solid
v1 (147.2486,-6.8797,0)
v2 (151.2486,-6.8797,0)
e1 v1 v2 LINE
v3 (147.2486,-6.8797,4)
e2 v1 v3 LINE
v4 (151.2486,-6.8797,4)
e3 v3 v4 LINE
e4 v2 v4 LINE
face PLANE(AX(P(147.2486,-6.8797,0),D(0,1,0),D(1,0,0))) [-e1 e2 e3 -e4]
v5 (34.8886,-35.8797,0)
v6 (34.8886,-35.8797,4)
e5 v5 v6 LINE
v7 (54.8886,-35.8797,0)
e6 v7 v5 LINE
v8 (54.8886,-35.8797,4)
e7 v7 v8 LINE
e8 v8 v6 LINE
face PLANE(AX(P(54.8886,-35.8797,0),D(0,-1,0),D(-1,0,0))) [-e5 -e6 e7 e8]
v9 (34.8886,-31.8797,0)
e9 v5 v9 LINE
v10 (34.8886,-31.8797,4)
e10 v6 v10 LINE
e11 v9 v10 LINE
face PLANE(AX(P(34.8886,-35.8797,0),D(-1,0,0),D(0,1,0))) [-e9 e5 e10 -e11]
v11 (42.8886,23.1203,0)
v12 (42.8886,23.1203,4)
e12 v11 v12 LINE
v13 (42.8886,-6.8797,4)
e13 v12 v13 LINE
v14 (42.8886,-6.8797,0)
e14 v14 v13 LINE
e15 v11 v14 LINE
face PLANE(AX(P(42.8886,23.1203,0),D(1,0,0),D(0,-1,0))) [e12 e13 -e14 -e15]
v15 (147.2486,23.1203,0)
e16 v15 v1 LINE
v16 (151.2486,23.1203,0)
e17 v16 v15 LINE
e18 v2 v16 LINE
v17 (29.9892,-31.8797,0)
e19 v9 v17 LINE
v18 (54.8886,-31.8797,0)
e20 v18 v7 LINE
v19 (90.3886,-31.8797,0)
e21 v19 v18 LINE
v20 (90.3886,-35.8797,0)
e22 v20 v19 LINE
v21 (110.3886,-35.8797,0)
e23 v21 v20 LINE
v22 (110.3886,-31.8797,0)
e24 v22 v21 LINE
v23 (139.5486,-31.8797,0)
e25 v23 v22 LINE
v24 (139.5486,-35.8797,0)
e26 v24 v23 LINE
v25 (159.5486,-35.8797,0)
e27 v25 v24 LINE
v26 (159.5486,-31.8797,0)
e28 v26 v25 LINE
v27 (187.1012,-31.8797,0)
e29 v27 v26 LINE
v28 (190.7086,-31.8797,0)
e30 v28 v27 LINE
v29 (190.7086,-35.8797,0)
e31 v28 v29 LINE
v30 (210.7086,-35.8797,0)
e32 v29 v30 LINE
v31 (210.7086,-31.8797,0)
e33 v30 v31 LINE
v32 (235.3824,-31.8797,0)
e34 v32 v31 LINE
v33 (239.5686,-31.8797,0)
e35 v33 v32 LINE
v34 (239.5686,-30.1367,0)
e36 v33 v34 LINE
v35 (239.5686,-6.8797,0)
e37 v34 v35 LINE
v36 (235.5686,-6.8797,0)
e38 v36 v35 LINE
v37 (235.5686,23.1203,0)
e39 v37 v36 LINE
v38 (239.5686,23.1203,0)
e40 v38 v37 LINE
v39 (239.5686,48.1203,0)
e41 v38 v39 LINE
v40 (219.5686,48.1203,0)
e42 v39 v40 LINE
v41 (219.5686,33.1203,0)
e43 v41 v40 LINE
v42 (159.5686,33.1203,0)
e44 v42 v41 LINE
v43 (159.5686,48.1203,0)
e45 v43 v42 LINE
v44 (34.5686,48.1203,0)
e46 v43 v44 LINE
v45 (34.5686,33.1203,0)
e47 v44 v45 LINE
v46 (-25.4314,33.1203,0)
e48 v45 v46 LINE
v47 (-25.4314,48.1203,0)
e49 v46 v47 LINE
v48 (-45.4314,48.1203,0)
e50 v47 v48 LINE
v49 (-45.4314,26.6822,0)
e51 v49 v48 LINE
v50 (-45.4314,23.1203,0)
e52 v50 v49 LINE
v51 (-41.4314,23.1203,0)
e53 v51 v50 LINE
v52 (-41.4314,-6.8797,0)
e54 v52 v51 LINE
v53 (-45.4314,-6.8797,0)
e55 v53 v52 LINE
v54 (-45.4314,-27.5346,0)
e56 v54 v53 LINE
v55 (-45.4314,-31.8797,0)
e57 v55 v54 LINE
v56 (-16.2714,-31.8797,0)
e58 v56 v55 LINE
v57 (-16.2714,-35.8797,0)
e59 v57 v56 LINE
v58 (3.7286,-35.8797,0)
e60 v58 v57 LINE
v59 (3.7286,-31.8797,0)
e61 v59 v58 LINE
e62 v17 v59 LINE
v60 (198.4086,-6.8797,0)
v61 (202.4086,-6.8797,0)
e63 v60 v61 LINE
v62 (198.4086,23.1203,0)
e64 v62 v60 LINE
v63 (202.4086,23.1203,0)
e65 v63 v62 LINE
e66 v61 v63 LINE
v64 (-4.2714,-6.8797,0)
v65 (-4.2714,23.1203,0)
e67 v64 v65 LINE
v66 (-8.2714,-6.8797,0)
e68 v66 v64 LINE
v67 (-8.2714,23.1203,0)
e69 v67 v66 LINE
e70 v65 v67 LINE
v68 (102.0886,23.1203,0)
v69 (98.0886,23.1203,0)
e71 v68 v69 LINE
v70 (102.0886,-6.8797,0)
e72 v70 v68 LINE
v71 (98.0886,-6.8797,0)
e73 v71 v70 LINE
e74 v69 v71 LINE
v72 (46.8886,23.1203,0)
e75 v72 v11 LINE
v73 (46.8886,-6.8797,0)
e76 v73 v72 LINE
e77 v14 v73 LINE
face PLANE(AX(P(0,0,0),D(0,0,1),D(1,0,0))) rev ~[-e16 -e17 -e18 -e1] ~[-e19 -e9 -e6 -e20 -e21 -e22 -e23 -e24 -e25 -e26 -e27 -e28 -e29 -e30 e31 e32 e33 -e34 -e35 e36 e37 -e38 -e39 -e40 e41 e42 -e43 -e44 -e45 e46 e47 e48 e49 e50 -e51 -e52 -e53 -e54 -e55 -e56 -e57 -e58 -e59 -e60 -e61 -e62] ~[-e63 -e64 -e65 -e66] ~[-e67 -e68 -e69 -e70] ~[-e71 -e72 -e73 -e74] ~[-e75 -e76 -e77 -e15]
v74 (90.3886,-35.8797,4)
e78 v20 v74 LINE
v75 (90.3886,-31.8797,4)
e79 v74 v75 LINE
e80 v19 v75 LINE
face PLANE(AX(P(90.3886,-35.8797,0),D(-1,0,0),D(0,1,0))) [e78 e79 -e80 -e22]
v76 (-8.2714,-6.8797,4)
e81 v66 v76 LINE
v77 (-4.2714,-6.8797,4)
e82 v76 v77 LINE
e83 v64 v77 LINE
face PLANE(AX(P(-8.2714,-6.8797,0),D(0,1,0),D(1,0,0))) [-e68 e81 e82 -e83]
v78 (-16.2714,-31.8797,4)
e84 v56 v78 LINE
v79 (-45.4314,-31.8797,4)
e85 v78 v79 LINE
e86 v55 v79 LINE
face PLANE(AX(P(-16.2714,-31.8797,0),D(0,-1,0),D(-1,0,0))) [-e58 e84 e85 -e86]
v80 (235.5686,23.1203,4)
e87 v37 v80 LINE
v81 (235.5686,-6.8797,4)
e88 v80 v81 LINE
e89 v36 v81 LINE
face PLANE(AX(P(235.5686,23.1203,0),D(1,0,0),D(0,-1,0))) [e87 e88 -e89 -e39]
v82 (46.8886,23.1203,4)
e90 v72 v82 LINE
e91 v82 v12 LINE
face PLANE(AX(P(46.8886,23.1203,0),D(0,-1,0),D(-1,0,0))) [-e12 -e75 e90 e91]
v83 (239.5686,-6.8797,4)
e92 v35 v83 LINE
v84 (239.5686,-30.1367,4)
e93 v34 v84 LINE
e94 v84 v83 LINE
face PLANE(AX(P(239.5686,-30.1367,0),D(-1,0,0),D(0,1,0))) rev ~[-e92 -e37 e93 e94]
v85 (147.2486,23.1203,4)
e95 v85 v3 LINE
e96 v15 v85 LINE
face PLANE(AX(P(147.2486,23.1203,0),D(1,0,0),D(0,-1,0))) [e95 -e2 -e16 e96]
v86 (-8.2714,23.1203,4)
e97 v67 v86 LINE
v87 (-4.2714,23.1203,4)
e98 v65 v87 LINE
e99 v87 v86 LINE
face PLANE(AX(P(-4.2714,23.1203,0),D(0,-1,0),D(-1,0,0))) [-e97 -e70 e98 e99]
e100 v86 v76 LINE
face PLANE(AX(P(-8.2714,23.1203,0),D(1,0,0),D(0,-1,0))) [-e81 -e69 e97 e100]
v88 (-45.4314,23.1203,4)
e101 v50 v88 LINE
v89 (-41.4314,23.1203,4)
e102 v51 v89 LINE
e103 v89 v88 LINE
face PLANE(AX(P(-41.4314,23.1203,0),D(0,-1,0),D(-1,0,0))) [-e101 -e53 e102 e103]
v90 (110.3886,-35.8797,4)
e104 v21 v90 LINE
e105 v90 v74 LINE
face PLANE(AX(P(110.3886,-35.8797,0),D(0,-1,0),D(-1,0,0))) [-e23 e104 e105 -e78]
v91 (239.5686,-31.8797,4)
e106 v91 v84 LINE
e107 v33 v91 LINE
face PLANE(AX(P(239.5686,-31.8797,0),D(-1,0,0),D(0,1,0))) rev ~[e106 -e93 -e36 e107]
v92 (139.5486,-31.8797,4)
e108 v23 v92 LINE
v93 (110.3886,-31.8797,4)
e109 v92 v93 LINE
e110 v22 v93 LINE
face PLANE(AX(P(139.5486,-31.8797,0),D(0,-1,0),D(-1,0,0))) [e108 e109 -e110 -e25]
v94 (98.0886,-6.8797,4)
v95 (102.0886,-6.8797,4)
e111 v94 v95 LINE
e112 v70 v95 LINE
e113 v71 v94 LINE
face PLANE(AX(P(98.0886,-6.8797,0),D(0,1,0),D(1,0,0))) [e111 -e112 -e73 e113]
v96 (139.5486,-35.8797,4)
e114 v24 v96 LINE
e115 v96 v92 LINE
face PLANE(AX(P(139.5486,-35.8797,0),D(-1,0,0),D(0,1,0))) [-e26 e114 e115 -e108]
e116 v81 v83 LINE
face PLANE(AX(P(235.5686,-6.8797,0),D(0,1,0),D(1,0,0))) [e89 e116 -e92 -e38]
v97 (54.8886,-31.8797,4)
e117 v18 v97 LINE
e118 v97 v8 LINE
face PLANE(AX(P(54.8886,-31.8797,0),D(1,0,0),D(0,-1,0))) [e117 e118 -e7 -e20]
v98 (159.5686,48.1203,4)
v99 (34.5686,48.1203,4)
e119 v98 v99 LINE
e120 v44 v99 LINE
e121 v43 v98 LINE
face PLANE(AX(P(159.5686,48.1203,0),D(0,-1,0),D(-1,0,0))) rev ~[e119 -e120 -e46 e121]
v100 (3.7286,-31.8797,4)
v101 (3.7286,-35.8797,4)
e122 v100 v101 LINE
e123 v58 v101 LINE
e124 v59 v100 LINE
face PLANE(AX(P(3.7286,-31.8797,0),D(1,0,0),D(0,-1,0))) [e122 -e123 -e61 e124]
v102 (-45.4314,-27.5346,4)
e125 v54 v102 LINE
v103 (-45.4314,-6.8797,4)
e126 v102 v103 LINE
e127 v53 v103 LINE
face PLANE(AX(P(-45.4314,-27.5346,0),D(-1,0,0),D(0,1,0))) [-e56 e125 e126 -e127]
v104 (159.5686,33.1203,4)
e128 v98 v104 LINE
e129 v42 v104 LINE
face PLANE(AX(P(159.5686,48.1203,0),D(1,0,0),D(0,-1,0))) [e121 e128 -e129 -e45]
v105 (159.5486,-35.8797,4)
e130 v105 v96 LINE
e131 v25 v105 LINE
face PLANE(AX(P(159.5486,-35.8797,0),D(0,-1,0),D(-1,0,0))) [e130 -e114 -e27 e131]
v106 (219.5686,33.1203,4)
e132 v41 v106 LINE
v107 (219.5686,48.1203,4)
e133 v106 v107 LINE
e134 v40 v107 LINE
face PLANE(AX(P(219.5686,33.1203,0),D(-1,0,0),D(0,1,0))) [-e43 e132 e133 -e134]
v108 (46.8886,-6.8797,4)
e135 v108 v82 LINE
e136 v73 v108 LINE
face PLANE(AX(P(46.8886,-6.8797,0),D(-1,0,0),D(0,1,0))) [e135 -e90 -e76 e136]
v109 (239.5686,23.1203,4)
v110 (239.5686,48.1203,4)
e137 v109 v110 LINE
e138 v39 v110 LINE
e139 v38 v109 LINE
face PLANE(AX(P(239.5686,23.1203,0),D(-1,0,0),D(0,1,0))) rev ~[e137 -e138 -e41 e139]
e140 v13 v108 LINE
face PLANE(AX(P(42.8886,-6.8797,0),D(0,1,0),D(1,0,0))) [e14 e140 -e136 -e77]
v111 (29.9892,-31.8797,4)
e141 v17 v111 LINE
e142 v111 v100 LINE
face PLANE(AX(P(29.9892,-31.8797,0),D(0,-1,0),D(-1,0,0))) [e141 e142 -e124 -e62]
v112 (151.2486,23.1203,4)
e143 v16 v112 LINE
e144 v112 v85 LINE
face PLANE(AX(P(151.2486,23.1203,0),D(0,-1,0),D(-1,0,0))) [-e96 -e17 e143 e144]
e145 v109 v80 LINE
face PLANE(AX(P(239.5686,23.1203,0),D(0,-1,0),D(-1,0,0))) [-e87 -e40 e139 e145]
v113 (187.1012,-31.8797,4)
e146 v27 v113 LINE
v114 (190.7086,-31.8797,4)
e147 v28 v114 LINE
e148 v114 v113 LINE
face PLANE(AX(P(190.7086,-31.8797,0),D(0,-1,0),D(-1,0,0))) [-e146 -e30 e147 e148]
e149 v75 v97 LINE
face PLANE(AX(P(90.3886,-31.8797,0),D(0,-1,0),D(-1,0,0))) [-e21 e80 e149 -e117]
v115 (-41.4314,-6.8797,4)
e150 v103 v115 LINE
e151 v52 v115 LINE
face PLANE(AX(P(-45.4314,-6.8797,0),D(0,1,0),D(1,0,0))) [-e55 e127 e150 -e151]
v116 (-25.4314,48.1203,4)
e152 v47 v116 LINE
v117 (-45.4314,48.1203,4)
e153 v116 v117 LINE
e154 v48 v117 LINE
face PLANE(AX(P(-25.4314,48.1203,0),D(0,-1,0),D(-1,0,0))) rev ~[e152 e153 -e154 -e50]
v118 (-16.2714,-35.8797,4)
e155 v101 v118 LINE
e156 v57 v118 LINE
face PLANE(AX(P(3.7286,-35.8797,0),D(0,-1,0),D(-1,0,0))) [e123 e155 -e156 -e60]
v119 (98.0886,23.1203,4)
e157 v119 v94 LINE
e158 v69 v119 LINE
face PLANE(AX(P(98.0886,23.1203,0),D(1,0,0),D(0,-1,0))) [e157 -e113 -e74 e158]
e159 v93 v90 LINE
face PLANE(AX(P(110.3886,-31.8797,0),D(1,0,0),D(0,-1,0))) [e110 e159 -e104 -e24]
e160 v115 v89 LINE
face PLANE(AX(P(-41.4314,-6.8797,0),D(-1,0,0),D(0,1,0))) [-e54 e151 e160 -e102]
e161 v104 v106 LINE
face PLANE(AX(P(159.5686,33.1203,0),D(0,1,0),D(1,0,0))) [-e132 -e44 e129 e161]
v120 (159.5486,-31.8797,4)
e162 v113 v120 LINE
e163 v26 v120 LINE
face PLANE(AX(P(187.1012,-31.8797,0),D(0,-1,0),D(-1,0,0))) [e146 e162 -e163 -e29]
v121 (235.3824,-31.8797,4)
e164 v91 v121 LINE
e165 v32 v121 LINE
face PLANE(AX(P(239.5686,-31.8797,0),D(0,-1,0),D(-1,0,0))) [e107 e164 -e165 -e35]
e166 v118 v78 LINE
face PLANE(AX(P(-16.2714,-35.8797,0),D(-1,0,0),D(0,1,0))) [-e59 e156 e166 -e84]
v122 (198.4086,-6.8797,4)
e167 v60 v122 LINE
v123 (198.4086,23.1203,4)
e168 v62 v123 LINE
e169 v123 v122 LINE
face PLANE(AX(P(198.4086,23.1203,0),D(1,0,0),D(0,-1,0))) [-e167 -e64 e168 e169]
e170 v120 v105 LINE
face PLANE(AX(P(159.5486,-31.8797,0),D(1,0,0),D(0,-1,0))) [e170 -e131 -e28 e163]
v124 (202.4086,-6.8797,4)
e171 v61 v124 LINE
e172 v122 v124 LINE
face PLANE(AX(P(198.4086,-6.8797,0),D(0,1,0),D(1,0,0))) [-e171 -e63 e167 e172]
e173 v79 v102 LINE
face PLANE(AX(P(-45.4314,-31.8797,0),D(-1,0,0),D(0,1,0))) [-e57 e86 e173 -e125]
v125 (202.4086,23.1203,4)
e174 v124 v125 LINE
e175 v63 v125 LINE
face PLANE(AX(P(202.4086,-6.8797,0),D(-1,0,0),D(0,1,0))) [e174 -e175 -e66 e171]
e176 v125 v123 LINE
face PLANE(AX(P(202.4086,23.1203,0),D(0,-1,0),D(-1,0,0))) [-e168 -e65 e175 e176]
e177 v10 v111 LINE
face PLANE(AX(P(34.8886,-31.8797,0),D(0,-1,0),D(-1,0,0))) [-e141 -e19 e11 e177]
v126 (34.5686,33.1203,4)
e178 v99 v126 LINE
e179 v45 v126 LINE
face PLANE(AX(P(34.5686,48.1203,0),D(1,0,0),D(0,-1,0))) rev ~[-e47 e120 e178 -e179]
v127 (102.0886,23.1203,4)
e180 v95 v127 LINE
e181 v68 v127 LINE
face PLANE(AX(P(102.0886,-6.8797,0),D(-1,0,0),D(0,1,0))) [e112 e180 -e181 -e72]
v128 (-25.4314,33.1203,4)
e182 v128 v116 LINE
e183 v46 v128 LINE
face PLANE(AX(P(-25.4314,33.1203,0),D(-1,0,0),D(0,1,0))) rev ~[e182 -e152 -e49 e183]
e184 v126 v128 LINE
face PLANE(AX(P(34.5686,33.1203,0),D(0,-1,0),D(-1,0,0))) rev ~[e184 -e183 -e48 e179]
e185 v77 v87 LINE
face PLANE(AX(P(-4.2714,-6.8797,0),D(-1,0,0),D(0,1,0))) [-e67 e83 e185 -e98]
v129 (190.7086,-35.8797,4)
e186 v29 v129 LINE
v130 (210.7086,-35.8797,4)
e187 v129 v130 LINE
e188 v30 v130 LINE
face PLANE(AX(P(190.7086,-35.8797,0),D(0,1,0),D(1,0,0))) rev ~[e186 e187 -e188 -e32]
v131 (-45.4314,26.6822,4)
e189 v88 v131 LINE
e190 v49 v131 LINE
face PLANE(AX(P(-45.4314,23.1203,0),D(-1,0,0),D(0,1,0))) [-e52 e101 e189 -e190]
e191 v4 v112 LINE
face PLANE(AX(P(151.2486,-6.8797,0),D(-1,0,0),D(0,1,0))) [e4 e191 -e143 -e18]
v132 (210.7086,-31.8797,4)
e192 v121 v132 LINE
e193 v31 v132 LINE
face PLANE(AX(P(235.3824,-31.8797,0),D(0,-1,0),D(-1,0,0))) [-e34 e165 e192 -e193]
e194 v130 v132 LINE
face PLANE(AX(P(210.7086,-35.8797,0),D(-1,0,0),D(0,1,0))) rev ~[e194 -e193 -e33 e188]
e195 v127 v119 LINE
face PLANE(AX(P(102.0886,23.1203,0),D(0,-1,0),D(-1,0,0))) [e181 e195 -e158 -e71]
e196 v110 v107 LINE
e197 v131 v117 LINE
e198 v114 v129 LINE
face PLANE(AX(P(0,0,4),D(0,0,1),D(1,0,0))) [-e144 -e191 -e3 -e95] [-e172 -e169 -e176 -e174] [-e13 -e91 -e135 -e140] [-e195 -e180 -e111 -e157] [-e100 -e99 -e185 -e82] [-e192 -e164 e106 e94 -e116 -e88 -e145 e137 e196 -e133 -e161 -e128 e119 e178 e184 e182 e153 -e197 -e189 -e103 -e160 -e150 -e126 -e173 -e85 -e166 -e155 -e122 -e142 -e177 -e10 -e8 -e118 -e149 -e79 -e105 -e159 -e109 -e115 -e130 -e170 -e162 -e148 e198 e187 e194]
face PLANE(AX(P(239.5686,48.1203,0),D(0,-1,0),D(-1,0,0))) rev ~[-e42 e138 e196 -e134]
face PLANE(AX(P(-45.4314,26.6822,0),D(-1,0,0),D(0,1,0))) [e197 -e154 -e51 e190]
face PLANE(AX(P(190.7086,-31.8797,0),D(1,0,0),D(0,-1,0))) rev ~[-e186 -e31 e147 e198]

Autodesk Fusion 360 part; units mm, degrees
sketch "Sketch1" plane through (0, 0, 0) normal (0, 0, 1) x (1, 0, 0)
  line L0 (3.7286, -31.8797) -> (3.7286, -35.8797)
  line L1 (3.7286, -35.8797) -> (-16.2714, -35.8797)
  line L2 (-16.2714, -35.8797) -> (-16.2714, -31.8797)
  line L3 (54.8886, -31.8797) -> (54.8886, -35.8797)
  line L4 (54.8886, -35.8797) -> (34.8886, -35.8797)
  line L5 (34.8886, -35.8797) -> (34.8886, -31.8797)
  line L6 (110.3886, -31.8797) -> (110.3886, -35.8797)
  line L7 (110.3886, -35.8797) -> (90.3886, -35.8797)
  line L8 (90.3886, -35.8797) -> (90.3886, -31.8797)
  line L9 (159.5486, -31.8797) -> (159.5486, -35.8797)
  line L10 (159.5486, -35.8797) -> (139.5486, -35.8797)
  line L11 (139.5486, -35.8797) -> (139.5486, -31.8797)
  line L12 (190.7086, -31.8797) -> (190.7086, -35.8797)
  line L13 (190.7086, -35.8797) -> (210.7086, -35.8797)
  line L14 (210.7086, -35.8797) -> (210.7086, -31.8797)
  line L15 (239.5686, -31.8797) -> (235.3824, -31.8797)
  line L16 (235.3824, -31.8797) -> (210.7086, -31.8797)
  line L17 (190.7086, -31.8797) -> (187.1012, -31.8797)
  line L18 (187.1012, -31.8797) -> (159.5486, -31.8797)
  line L19 (139.5486, -31.8797) -> (110.3886, -31.8797)
  line L20 (90.3886, -31.8797) -> (54.8886, -31.8797)
  line L21 (34.8886, -31.8797) -> (29.9892, -31.8797)
  line L22 (29.9892, -31.8797) -> (3.7286, -31.8797)
  line L23 (-16.2714, -31.8797) -> (-45.4314, -31.8797)
  line L24 (159.5686, 48.1203) -> (159.5686, 33.1203)
  line L25 (159.5686, 33.1203) -> (219.5686, 33.1203)
  line L26 (219.5686, 33.1203) -> (219.5686, 48.1203)
  line L27 (34.5686, 48.1203) -> (34.5686, 33.1203)
  line L28 (34.5686, 33.1203) -> (-25.4314, 33.1203)
  line L29 (-25.4314, 33.1203) -> (-25.4314, 48.1203)
  line L30 (239.5686, 48.1203) -> (219.5686, 48.1203)
  line L31 (159.5686, 48.1203) -> (34.5686, 48.1203)
  line L32 (-25.4314, 48.1203) -> (-45.4314, 48.1203)
  line L33 (-45.4314, -6.8797) -> (-41.4314, -6.8797)
  line L34 (-41.4314, -6.8797) -> (-41.4314, 23.1203)
  line L35 (-41.4314, 23.1203) -> (-45.4314, 23.1203)
  line L36 (-45.4314, -31.8797) -> (-45.4314, -27.5346)
  line L37 (-45.4314, -27.5346) -> (-45.4314, -6.8797)
  line L38 (-45.4314, 23.1203) -> (-45.4314, 26.6822)
  line L39 (-45.4314, 26.6822) -> (-45.4314, 48.1203)
  line L40 (-45.4314, -6.8797) -> (-41.4314, -6.8797)
  line L41 (-41.4314, -6.8797) -> (-41.4314, 23.1203)
  line L42 (-45.4314, 23.1203) -> (-45.4314, 26.6822)
  line L43 (-41.4314, 23.1203) -> (-45.4314, 23.1203)
  line L44 (239.5686, 23.1203) -> (235.5686, 23.1203)
  line L45 (235.5686, -6.8797) -> (239.5686, -6.8797)
  line L46 (239.5686, 23.1203) -> (235.5686, 23.1203)
  line L47 (235.5686, -6.8797) -> (239.5686, -6.8797)
  line L48 (235.5686, 23.1203) -> (235.5686, -6.8797)
  line L49 (239.5686, 23.1203) -> (239.5686, 48.1203)
  line L50 (239.5686, -31.8797) -> (239.5686, -30.1367)
  line L51 (239.5686, -30.1367) -> (239.5686, -6.8797)
  line L52 (-8.2714, -6.8797) -> (-4.2714, -6.8797)
  line L53 (-4.2714, -6.8797) -> (-4.2714, 23.1203)
  line L54 (-4.2714, 23.1203) -> (-8.2714, 23.1203)
  line L55 (-8.2714, 23.1203) -> (-8.2714, -6.8797)
  line L56 (42.8886, -6.8797) -> (46.8886, -6.8797)
  line L57 (46.8886, -6.8797) -> (46.8886, 23.1203)
  line L58 (46.8886, 23.1203) -> (42.8886, 23.1203)
  line L59 (42.8886, 23.1203) -> (42.8886, -6.8797)
  line L60 (98.0886, -6.8797) -> (102.0886, -6.8797)
  line L61 (102.0886, -6.8797) -> (102.0886, 23.1203)
  line L62 (102.0886, 23.1203) -> (98.0886, 23.1203)
  line L63 (98.0886, 23.1203) -> (98.0886, -6.8797)
  line L64 (147.2486, -6.8797) -> (151.2486, -6.8797)
  line L65 (151.2486, -6.8797) -> (151.2486, 23.1203)
  line L66 (151.2486, 23.1203) -> (147.2486, 23.1203)
  line L67 (147.2486, 23.1203) -> (147.2486, -6.8797)
  line L68 (198.4086, -6.8797) -> (202.4086, -6.8797)
  line L69 (202.4086, -6.8797) -> (202.4086, 23.1203)
  line L70 (202.4086, 23.1203) -> (198.4086, 23.1203)
  line L71 (198.4086, 23.1203) -> (198.4086, -6.8797)
extrude "Extrude1" add sketch "Sketch1" along normal blind 4
